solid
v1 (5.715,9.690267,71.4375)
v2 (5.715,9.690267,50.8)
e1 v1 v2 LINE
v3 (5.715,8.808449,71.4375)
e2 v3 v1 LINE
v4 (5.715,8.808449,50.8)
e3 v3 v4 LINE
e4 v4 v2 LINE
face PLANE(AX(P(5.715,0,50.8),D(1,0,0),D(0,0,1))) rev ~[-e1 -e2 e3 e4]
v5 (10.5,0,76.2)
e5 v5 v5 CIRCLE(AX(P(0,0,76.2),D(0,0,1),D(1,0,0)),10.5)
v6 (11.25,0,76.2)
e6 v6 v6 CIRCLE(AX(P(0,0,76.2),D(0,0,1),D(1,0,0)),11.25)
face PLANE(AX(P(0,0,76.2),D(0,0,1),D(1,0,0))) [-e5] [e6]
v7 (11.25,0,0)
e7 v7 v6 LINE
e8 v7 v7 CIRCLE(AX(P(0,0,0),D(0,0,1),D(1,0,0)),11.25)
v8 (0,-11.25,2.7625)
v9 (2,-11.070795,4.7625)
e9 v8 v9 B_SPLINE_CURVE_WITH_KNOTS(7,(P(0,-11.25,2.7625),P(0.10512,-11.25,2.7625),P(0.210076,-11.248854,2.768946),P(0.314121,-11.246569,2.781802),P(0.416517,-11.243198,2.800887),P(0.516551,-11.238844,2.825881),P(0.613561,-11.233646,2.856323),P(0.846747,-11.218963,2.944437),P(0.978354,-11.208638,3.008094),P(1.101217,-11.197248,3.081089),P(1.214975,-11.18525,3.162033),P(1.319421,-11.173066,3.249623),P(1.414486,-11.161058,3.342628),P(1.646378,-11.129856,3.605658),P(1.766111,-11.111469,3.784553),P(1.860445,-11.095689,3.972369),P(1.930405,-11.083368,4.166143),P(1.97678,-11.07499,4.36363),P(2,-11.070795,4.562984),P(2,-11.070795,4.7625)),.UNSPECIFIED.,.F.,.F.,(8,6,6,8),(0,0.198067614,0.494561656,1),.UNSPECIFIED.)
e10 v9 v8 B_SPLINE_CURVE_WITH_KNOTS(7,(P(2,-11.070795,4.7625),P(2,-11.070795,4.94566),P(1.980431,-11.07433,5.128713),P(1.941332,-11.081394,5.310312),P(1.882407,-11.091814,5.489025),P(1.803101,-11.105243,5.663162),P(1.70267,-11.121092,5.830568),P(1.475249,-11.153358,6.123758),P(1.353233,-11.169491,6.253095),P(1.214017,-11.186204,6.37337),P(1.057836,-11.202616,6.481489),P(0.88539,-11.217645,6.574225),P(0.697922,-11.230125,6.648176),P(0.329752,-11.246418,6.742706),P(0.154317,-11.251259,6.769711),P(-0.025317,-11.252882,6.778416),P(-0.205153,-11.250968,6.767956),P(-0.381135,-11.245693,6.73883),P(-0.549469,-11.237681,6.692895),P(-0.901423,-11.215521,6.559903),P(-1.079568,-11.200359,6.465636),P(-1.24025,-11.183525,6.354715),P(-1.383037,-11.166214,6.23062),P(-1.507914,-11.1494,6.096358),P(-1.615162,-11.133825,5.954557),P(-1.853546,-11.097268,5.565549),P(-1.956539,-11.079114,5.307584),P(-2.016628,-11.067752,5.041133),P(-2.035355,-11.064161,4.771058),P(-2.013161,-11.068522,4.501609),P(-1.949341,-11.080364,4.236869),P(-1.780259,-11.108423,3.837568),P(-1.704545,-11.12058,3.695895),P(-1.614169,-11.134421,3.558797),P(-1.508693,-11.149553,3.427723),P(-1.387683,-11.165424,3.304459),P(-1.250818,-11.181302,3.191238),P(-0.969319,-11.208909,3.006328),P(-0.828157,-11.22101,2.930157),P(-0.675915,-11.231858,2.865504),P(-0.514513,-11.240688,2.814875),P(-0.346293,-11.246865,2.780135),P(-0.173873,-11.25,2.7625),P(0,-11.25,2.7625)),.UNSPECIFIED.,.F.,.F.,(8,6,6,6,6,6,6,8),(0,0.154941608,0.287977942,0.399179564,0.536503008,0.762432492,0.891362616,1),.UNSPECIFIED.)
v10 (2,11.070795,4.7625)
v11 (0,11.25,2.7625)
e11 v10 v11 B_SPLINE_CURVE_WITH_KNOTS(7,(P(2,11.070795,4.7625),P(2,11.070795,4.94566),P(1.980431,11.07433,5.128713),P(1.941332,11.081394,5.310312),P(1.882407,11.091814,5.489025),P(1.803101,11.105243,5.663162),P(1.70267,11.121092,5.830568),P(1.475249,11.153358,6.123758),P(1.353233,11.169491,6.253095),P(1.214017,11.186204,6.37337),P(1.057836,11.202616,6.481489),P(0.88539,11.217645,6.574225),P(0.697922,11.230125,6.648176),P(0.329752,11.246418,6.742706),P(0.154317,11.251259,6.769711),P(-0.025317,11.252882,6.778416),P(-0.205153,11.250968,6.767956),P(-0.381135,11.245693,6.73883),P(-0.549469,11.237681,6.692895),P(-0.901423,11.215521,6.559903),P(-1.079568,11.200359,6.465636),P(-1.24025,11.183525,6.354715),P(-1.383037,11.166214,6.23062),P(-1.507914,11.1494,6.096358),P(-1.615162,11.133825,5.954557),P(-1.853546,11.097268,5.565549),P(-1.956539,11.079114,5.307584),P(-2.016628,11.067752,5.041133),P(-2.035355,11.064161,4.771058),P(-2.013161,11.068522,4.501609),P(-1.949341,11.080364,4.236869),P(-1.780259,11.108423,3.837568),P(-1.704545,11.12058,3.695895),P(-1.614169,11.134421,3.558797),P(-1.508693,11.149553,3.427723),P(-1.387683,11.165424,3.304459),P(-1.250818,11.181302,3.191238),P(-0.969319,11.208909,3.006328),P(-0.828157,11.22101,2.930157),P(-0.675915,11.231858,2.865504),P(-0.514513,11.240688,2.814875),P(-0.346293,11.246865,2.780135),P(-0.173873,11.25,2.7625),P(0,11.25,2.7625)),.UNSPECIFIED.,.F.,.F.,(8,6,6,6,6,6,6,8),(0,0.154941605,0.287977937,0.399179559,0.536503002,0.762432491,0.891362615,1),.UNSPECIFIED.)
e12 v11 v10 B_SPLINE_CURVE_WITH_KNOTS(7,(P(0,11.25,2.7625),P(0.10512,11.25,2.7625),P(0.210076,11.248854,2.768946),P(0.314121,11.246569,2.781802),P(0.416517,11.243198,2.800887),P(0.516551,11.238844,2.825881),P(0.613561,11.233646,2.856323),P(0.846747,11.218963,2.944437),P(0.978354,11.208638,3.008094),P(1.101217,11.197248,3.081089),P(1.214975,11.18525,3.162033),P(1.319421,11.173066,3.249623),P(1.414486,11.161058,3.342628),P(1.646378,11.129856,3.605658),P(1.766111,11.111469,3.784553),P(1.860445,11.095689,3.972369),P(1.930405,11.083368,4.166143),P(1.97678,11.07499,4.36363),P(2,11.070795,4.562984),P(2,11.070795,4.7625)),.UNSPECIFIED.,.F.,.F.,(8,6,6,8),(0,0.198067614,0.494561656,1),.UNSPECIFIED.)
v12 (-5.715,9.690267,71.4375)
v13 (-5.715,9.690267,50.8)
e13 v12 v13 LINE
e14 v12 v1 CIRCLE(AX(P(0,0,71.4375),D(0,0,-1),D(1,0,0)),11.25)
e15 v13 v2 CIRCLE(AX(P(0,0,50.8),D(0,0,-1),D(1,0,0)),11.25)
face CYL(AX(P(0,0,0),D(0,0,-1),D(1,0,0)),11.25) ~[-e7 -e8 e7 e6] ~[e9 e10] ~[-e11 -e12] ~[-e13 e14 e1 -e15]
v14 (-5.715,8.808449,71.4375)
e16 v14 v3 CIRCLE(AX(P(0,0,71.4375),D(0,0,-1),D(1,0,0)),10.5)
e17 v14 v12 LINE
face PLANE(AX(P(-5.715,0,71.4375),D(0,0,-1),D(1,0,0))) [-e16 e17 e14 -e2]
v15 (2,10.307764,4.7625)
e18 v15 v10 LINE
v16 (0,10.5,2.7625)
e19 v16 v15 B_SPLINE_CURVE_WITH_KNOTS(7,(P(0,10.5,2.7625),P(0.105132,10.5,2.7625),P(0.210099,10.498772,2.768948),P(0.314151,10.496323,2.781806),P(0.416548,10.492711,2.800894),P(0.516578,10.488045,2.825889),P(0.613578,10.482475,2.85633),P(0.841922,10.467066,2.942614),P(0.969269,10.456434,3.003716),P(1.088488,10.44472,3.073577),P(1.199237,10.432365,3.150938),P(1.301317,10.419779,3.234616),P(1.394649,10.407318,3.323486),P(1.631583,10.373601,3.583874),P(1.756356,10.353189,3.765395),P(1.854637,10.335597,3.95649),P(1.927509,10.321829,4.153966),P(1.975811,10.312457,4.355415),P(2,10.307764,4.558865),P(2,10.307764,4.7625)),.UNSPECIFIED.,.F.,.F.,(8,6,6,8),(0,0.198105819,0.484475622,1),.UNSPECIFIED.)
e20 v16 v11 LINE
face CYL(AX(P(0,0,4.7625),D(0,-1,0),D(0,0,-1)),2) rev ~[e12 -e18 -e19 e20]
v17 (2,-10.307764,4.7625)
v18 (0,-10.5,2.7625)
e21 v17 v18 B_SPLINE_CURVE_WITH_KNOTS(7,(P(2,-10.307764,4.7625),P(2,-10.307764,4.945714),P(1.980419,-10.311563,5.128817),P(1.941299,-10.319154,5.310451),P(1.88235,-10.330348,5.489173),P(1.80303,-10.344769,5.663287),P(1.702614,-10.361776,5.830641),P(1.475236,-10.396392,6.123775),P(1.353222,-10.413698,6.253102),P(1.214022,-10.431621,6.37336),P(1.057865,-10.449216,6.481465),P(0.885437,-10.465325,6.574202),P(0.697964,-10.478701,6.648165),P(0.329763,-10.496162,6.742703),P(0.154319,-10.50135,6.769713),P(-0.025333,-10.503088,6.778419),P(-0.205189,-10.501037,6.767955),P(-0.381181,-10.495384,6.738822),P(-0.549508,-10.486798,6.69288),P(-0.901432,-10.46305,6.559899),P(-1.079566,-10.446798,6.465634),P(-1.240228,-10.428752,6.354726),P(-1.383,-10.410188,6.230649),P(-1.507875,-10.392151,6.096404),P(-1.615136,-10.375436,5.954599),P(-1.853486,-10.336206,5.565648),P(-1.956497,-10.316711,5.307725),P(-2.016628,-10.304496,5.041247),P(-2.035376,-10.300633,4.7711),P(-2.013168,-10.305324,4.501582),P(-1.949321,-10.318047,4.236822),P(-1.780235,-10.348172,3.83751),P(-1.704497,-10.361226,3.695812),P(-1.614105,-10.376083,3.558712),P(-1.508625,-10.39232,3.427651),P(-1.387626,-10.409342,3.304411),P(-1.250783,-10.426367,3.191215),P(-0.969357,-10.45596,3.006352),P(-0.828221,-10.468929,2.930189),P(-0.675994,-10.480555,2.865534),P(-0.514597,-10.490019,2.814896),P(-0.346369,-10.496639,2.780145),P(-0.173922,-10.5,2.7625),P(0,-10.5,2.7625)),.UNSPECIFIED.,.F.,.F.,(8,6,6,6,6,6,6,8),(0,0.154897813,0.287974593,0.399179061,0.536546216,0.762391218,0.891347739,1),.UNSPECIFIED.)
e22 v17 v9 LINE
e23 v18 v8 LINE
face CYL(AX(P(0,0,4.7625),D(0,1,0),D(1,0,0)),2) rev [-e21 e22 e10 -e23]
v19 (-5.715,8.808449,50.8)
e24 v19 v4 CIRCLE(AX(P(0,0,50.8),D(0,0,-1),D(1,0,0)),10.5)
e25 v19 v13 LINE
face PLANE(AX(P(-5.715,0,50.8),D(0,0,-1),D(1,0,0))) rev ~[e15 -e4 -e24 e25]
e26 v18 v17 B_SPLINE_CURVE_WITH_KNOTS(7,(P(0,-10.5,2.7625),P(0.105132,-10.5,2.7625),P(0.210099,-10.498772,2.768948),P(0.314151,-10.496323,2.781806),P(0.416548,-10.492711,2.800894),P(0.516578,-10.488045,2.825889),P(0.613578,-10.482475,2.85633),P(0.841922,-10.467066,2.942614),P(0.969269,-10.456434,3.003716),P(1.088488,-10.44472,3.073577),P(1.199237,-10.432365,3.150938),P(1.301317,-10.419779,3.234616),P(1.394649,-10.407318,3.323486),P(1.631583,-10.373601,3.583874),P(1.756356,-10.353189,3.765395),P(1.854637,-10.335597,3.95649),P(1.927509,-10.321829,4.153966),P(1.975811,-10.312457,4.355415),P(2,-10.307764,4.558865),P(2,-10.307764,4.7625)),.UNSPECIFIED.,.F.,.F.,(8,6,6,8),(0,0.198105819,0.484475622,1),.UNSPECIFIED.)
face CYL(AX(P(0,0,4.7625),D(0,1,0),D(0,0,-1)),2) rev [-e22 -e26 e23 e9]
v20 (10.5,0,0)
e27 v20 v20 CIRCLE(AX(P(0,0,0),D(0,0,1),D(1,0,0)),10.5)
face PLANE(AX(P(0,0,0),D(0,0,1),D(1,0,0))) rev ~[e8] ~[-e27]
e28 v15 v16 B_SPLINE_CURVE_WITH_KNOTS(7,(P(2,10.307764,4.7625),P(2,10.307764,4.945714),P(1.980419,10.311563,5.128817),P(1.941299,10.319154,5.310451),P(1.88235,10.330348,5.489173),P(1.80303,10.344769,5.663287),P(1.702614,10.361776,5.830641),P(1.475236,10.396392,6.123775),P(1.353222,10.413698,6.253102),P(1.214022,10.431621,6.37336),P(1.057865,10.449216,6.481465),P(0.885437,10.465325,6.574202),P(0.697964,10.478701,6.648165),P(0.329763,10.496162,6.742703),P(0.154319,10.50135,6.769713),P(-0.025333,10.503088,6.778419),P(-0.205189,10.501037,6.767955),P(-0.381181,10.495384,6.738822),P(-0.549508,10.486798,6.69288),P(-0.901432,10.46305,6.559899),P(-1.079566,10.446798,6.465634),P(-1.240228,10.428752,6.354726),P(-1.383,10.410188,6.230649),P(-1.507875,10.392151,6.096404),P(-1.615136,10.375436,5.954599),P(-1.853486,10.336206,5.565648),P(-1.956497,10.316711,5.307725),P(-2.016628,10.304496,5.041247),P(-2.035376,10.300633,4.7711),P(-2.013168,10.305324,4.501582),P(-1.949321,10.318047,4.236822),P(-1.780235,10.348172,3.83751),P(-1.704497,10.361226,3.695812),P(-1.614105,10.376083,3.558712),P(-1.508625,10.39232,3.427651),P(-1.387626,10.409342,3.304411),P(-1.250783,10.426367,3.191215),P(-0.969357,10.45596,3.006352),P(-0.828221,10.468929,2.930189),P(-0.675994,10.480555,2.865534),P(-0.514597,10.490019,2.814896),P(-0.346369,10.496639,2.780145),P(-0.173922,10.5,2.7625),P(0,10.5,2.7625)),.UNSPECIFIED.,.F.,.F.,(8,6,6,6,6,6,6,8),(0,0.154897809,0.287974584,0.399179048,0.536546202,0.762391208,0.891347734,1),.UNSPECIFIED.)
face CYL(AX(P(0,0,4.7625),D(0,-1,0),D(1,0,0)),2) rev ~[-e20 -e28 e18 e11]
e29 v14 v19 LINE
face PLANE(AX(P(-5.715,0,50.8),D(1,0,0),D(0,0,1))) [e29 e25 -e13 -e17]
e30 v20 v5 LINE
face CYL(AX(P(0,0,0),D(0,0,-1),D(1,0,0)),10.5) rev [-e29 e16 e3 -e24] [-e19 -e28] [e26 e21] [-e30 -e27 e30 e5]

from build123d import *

# Parameters (mm, degrees)
F0_R          = 11.25
F0_R_2        = 10.5
F1_DEPTH      = 76.2
F2_W          = 11.43
F2_H          = 20.6375
F3_DEPTH      = 25.4
F5_DEPTH      = 25.4
F5_DEPTH_BACK = 25.4


with BuildPart() as f1:
    # F0 (on Top) → F1 (new body)
    with BuildSketch(Plane.XY):
        Circle(F0_R)
        Circle(F0_R_2, mode=Mode.SUBTRACT)
    extrude(amount=F1_DEPTH)

    # F2 (on Front) → F3 (cut)
    with BuildSketch(Plane.XZ):
        with Locations((0, 61.11875)):
            Rectangle(F2_W, F2_H)
    extrude(amount=-F3_DEPTH, mode=Mode.SUBTRACT)

    # F4 (on Front) → F5 (cut, two sides)
    with BuildSketch(Plane.XZ) as f5_sk:
        with BuildLine():
            ThreePointArc((0, 2.7625), (1.4142135624, 3.3482864376), (2, 4.7625))
            ThreePointArc((2, 4.7625), (-1.4142135624, 6.1767135624), (0, 2.7625))
        make_face()
    extrude(amount=-F5_DEPTH, mode=Mode.SUBTRACT)
    extrude(f5_sk.sketch, amount=F5_DEPTH_BACK, mode=Mode.SUBTRACT)


solid = f1.part
